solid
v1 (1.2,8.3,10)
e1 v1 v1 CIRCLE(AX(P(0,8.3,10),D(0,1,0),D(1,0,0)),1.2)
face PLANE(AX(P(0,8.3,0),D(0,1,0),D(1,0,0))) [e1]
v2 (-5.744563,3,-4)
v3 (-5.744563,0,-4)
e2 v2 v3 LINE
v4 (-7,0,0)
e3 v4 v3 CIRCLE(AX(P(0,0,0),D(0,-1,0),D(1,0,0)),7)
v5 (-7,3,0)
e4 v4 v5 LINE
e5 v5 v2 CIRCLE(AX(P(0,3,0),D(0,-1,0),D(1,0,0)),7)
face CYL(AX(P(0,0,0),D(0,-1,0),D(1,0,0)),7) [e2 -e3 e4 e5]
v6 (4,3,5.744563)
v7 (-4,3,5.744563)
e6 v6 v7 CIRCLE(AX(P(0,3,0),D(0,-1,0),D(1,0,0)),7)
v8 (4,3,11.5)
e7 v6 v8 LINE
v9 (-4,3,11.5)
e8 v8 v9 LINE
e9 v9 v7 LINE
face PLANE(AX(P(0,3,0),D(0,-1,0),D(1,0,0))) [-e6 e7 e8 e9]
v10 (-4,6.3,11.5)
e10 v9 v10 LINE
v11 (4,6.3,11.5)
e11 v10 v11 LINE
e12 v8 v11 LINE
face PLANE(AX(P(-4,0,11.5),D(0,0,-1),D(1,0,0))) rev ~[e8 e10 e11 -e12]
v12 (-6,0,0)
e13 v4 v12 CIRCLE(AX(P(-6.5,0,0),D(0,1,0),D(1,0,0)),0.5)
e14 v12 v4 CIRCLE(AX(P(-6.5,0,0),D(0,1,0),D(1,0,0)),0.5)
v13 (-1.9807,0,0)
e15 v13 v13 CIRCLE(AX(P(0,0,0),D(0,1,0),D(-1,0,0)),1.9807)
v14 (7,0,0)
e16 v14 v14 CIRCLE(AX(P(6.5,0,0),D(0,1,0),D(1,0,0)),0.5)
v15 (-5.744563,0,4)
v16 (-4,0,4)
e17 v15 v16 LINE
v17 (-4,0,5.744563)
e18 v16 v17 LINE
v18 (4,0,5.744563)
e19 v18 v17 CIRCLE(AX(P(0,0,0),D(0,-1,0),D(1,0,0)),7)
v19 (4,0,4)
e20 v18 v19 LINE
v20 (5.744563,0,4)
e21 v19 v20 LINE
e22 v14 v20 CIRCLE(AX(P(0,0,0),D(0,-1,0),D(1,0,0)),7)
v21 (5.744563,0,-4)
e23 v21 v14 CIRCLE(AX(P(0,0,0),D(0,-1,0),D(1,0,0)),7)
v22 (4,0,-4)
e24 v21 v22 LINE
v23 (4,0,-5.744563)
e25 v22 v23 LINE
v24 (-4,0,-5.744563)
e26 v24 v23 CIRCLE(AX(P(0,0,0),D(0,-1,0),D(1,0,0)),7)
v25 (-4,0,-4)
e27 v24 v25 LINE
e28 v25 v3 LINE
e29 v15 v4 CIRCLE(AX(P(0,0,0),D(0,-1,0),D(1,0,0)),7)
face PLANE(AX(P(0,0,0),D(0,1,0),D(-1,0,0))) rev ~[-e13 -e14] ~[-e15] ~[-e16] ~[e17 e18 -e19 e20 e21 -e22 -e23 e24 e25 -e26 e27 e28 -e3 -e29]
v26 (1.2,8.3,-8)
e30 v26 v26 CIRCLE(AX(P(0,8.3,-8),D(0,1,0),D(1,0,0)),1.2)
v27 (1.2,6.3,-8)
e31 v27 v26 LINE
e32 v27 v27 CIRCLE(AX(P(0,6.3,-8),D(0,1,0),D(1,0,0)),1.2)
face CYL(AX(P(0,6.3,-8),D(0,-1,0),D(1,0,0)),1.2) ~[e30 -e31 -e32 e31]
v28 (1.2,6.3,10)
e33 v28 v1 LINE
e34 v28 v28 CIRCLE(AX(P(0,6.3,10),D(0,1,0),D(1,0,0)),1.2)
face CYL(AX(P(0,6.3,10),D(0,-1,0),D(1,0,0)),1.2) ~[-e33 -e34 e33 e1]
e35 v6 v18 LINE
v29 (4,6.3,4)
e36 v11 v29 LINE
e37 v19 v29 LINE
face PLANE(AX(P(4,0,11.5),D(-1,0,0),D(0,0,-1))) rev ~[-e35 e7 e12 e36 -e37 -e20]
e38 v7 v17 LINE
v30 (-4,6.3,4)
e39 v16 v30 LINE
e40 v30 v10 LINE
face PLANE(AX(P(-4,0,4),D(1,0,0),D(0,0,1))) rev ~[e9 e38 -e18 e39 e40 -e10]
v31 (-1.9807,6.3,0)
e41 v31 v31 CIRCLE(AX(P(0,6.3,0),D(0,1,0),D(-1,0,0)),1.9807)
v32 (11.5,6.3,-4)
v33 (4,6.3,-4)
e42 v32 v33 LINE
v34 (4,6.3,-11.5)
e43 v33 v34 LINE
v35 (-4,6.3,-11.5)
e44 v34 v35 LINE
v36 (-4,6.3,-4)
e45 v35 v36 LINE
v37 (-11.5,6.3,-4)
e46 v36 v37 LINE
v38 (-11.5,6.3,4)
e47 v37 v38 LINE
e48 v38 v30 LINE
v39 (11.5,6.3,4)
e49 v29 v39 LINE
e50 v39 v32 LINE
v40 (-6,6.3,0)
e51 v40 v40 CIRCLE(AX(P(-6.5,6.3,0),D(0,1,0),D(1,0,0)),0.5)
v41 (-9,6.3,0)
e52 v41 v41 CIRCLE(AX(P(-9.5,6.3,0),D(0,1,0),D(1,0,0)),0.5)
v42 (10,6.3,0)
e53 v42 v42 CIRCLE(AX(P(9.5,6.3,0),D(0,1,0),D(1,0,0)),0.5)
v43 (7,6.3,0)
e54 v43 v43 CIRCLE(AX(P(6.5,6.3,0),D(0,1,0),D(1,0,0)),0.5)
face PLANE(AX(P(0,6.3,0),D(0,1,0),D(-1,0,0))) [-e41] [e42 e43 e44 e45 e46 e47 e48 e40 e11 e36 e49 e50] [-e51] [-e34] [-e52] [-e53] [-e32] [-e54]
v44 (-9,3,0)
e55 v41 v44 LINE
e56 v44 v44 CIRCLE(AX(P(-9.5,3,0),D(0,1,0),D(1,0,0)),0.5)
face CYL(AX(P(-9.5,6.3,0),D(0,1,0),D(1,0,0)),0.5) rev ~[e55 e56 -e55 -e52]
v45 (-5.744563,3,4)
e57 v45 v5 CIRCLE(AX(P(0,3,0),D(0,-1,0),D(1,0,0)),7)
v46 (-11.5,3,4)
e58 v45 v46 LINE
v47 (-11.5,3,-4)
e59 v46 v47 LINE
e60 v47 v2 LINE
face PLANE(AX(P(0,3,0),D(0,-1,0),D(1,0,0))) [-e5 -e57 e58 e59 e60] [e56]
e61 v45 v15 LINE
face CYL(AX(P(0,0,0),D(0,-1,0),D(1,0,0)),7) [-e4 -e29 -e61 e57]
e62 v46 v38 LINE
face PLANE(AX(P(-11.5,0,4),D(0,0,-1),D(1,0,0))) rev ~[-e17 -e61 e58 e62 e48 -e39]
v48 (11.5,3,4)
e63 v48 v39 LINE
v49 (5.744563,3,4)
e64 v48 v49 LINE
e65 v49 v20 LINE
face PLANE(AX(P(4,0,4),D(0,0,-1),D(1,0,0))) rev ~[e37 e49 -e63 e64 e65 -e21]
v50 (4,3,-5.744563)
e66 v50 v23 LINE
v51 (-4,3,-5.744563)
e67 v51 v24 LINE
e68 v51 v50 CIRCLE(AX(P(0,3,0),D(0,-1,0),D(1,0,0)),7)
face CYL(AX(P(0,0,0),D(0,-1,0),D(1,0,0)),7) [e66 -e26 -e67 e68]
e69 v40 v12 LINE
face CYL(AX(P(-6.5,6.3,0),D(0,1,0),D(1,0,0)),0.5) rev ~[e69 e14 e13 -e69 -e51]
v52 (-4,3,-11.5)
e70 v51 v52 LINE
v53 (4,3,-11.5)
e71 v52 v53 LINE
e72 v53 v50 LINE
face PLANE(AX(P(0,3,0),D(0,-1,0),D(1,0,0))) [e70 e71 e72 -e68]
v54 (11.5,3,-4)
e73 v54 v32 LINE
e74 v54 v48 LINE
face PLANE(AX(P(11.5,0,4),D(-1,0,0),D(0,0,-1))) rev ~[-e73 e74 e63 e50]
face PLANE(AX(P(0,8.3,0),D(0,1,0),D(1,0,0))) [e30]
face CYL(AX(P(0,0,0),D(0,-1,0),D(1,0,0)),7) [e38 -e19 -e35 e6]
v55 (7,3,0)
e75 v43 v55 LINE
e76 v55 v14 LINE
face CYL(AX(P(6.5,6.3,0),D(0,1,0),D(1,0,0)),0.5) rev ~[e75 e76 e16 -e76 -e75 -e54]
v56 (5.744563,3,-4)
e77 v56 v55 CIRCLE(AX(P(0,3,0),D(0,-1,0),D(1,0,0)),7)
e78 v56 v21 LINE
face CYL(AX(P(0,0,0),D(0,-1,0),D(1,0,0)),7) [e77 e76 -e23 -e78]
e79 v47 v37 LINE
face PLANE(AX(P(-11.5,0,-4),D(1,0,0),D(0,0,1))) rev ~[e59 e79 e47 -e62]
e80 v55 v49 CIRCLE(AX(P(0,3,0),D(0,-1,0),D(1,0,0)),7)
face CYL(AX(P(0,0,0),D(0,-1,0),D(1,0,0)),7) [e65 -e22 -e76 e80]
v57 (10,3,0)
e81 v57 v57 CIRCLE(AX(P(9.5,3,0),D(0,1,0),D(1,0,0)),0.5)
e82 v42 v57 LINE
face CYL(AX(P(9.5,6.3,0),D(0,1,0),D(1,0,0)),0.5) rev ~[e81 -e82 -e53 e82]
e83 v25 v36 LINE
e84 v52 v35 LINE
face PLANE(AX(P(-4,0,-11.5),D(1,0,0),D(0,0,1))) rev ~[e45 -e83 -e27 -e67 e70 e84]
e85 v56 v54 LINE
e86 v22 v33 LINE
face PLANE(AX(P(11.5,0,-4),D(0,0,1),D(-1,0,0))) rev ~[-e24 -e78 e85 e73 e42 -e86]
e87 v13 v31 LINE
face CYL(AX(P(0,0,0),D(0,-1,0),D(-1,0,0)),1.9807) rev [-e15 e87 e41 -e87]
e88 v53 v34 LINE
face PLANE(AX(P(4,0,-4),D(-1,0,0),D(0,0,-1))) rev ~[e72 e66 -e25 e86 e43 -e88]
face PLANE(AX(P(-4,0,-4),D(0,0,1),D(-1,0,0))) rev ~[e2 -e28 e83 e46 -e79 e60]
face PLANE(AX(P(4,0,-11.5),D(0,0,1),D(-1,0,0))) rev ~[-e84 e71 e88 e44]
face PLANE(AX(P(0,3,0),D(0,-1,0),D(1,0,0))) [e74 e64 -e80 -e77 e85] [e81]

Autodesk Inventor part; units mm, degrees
ref_plane "YZ Plane" through (0, 0, 0) normal (1, 0, 0) x (0, 1, 0)
ref_plane "XZ Plane" through (0, 0, 0) normal (0, 1, 0) x (-1, 0, 0)
ref_plane "XY Plane" through (0, 0, 0) normal (0, 0, 1) x (1, 0, 0)
sketch "Skizze1" plane through (0, 0, 0) normal (0, 1, 0) x (-1, 0, 0)
  line L0 (11.5, 4) -> (4, 4)
  line L1 (-11.5, 4) -> (-11.5, -4)
  line L2 (-11.5, -4) -> (-4, -4)
  line L3 (11.5, -4) -> (11.5, 4)
  line L4 (4, 11.5) -> (-4, 11.5)
  line L5 (-4, 11.5) -> (-4, 4)
  line L6 (-4, -11.5) -> (4, -11.5)
  line L7 (4, -11.5) -> (4, -4)
  line L8 (4, 4) -> (4, 11.5)
  line L9 (4, -4) -> (11.5, -4)
  line L10 (-4, -4) -> (-4, -11.5)
  line L11 (-4, 4) -> (-11.5, 4)
  circle A0 centre (0, 0) radius 1.9807
  dimension "d0" = 8
  dimension "d1" = 8
  dimension "d2" = 8
  dimension "d3" = 8
  dimension "d4" = 4
  dimension "d5" = 4
  dimension "d6" = 23
  dimension "d7" = 23
  dimension "d8" = 11.5
  dimension "d9" = 11.5
  dimension "d10" = 4
  dimension "d11" = 4
extrude "Extrusion1" add sketch "Skizze1" along normal blind 6.3
sketch "Skizze2" plane through (0, 6.3, 0) normal (0, 1, 0) x (1, 0, 0)
  circle A0 centre (0, -10) radius 1.2
  circle A1 centre (0, 8) radius 1.2
  point P0 (0, 0)
  dimension "d14" = 2.4
  dimension "d15" = 2.4
  dimension "d16" = 8
  dimension "d17" = 10
extrude "Extrusion2" add sketch "Skizze2" along normal blind 2
sketch "Skizze3" plane through (0, 6.3, 0) normal (0, 1, 0) x (1, 0, 0)
  circle A0 centre (-6.5, 0) radius 0.5
  circle A1 centre (-9.5, 0) radius 0.5
  circle A2 centre (6.5, 0) radius 0.5
  circle A3 centre (9.5, 0) radius 0.5
  point P0 (0, 0)
  dimension "d20" = 1
  dimension "d21" = 1
  dimension "d22" = 1
  dimension "d23" = 1
  dimension "d24" = 13
  dimension "d25" = 6.5
  dimension "d26" = 19
  dimension "d27" = 9.5
extrude "Extrusion3" cut sketch "Skizze3" against normal blind 10
sketch "Skizze4" plane through (0, 0, 0) normal (0, -1, 0) x (1, 0, 0)
  circle A0 centre (0, 0) radius 7
  circle A1 centre (0, 0) radius 22.2636
  dimension "d30" = 14
extrude "Extrusion4" cut sketch "Skizze4" against normal blind 3
equation "\"d4\" = 0.5 * d0"
equation "\"d5\" = 0.5 * d1"
equation "\"d8\" = 0.5 * d7"
equation "\"d9\" = 0.5 * d6"
equation "\"d10\" = 0.5 * d2"
equation "\"d11\" = 0.5 * d3"
equation "\"d25\" = 0.5 * d24"
equation "\"d27\" = 0.5 * d26"
properties part number "Adaptation_on_OPdevside_5_1"
